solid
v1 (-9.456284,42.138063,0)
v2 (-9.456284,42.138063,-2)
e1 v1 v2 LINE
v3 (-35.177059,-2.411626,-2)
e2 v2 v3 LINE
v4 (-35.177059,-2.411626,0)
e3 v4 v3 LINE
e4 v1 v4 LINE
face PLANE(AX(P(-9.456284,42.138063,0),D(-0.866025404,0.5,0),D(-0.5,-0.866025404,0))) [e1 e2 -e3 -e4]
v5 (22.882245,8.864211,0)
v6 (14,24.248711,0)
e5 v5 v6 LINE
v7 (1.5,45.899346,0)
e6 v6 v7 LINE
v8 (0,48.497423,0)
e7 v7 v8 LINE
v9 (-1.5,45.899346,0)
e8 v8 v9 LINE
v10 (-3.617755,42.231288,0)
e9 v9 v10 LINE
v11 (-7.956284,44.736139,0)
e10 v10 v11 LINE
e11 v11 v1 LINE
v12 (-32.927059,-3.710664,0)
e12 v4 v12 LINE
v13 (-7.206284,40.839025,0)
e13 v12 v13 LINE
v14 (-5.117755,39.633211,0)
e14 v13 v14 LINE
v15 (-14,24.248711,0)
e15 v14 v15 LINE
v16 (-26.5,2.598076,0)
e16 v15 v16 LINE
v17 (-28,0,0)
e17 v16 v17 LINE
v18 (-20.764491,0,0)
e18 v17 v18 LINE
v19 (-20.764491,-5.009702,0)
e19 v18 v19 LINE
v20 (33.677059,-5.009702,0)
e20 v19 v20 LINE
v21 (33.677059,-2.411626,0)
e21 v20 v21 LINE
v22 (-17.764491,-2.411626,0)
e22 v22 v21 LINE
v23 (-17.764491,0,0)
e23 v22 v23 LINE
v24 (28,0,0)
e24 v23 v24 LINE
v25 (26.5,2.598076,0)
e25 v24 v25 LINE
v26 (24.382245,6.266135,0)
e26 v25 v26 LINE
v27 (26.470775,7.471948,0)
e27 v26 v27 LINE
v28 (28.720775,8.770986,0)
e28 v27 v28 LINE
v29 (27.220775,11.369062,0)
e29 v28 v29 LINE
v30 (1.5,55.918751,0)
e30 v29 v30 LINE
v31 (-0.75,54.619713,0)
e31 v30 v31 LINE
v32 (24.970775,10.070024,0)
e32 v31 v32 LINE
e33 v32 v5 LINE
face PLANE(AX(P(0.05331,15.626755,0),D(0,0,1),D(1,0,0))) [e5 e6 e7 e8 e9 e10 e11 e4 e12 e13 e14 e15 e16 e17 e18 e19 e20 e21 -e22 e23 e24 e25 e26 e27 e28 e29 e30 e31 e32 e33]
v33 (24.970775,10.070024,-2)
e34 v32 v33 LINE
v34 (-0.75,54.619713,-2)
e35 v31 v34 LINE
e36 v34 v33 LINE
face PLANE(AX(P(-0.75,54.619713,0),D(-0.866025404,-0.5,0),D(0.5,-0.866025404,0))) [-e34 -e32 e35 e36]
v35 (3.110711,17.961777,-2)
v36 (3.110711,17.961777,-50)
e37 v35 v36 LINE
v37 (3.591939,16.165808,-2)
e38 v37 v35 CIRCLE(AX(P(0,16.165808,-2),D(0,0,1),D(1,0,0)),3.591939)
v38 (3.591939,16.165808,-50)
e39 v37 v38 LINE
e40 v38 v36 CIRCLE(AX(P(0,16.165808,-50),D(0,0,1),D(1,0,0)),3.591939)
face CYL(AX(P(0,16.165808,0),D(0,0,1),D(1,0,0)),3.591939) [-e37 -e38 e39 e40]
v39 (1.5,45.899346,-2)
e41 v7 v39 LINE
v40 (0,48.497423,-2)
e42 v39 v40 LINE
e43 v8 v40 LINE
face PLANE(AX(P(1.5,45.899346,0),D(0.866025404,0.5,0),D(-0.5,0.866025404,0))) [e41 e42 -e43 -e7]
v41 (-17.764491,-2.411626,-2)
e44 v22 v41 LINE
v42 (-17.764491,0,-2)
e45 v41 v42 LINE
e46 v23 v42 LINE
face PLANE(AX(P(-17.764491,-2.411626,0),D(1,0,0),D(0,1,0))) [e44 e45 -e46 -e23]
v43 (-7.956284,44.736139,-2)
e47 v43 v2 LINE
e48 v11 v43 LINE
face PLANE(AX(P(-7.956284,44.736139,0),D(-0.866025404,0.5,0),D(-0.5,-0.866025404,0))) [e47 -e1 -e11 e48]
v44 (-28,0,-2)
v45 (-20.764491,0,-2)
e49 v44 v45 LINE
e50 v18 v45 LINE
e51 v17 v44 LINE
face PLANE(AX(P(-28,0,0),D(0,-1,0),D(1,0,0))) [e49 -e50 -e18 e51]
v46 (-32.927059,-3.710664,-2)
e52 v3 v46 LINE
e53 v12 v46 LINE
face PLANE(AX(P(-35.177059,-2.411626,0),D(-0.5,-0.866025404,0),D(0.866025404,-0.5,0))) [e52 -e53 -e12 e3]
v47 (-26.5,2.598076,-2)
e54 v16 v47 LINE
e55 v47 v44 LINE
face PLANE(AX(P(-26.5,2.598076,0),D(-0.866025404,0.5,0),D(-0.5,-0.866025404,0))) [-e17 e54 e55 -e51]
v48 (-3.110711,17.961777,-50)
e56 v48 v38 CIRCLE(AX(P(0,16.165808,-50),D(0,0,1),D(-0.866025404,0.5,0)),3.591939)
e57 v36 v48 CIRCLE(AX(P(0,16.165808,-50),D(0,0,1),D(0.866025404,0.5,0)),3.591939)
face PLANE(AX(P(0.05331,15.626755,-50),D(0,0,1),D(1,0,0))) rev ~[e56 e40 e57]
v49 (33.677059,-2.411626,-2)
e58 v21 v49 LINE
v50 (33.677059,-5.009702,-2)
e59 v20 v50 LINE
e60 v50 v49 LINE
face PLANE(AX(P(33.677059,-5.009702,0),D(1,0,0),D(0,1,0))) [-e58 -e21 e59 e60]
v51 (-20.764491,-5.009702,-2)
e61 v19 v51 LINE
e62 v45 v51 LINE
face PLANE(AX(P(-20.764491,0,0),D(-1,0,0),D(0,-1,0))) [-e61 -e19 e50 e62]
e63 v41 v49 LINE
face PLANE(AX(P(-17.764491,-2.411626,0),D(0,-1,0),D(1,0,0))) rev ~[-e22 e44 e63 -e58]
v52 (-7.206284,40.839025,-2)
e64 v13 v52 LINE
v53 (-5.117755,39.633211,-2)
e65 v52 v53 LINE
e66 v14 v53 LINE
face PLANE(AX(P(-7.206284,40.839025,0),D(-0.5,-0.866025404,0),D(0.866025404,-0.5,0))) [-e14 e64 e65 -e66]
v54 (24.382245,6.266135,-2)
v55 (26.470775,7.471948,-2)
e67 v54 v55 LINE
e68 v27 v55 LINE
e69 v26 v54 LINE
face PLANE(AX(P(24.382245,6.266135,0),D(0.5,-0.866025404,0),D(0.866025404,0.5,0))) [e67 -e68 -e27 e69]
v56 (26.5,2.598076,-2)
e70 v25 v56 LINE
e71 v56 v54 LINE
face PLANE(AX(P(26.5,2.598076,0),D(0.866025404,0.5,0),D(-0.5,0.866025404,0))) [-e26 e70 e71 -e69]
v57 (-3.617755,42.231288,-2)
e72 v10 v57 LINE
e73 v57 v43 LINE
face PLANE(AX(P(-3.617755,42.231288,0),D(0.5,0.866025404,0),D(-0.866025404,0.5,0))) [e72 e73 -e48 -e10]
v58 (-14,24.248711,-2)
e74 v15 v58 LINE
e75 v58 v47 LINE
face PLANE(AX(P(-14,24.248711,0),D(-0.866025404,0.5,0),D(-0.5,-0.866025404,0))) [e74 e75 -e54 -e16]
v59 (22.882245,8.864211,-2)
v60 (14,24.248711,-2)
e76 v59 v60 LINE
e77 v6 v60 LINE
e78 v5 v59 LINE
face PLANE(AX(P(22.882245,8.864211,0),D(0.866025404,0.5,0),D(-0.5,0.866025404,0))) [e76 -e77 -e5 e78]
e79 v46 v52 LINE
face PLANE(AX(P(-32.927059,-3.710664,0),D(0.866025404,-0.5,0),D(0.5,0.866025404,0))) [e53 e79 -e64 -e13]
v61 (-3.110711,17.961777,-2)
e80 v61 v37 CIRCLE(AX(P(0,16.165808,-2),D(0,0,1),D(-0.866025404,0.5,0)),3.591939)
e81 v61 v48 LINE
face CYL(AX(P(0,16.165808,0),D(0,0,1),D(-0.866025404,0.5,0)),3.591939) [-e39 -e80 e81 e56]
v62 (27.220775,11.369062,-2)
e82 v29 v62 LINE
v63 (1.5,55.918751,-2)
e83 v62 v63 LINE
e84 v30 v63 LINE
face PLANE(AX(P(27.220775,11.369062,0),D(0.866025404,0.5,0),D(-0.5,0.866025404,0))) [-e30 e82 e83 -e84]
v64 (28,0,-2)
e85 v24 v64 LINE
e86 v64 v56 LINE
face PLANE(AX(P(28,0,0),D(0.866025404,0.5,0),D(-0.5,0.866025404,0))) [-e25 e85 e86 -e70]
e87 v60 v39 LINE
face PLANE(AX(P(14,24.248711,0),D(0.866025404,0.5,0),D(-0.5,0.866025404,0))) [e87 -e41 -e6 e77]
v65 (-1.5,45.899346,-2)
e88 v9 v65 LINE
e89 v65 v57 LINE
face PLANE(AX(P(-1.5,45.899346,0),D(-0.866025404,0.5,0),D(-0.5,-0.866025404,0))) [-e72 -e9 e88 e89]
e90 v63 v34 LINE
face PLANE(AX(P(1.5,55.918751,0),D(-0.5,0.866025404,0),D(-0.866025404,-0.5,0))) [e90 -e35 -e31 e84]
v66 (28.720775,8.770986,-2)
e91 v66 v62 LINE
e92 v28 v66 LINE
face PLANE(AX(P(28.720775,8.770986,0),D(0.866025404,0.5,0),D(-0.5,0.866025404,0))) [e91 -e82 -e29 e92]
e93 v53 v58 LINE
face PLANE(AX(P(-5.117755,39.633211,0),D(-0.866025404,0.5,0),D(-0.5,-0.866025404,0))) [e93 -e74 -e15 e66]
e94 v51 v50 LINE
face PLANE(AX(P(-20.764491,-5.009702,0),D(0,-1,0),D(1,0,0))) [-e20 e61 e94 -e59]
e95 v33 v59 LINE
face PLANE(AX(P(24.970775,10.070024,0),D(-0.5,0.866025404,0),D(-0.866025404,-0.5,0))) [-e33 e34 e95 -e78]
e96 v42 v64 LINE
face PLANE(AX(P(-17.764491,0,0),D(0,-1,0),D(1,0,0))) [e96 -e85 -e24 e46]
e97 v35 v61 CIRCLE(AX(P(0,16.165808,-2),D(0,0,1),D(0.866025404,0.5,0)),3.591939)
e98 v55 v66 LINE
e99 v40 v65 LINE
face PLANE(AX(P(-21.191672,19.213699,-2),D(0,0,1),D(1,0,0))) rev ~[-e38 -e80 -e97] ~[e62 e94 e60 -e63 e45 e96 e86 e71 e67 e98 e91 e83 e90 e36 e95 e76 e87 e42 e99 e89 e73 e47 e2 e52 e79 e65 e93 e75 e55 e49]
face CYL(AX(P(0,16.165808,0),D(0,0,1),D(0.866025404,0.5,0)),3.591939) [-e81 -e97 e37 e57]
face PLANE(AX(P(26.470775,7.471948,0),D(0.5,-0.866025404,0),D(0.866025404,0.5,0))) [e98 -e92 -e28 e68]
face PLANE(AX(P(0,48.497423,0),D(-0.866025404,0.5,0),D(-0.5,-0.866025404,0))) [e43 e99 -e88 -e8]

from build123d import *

# Parameters (mm, degrees)
F0_W     = 51.4415498351
F0_H     = 2.5980762114
F0_W_2   = 3
F0_H_2   = 2.4116262798
F1_DEPTH = 2
F2_DEPTH = 50


with BuildPart() as f1:
    # F0 (on Top) → F1 (new body)
    with BuildSketch(Plane.XY):
        Polygon((-32.9270592456, -3.7106643855), (-7.206284328, 40.8390245817), (-9.456284328, 42.1380626874), (-35.1770592456, -2.4116262798), align=None)
        with Locations((7.956284328, -3.7106643855)):
            Rectangle(F0_W, F0_H)
        with BuildLine():
            Line((22.8822452947, 8.8642111702), (14, 24.248711306))
            Line((14, 24.248711306), (11.9292428985, 23.053159136))
            ThreePointArc((11.9292428985, 23.053159136), (13.3053415678, 19.7309630654), (13.7747031974, 16.1658075373))
            ThreePointArc((13.7747031974, 16.1658075373), (-3.5651555281, 2.8604659695), (-11.9292428985, 23.053159136))
            Line((-11.9292428985, 23.053159136), (-14, 24.248711306))
            Line((-14, 24.248711306), (-26.5, 2.5980762114))
            Line((-26.5, 2.5980762114), (-25, 0))
            Line((-25, 0), (-20.7644905895, 0))
            Line((-20.7644905895, 0), (-17.7644905895, 0))
            Line((-17.7644905895, 0), (25, 0))
            Line((25, 0), (26.5, 2.5980762114))
            Line((26.5, 2.5980762114), (24.3822452947, 6.2661349588))
            Line((24.3822452947, 6.2661349588), (22.8822452947, 8.8642111702))
        make_face()
        with BuildLine():
            Line((1.5, 45.8993464006), (0, 48.4974226119))
            Line((0, 48.4974226119), (-1.5, 45.8993464006))
            Line((-1.5, 45.8993464006), (-3.6177547053, 42.2312876531))
            Line((-3.6177547053, 42.2312876531), (-5.1177547053, 39.6332114418))
            Line((-5.1177547053, 39.6332114418), (-14, 24.248711306))
            Line((-14, 24.248711306), (-11.9292428985, 23.053159136))
            ThreePointArc((-11.9292428985, 23.053159136), (0, 29.9405107347), (11.9292428985, 23.053159136))
            Line((11.9292428985, 23.053159136), (14, 24.248711306))
            Line((14, 24.248711306), (1.5, 45.8993464006))
        make_face()
        Polygon((-0.75, 54.6197132773), (24.9707749175, 10.0700243101), (27.2207749175, 11.3690624158), (1.5, 55.918751383), align=None)
        Polygon((-25, 0), (-26.5, 2.5980762114), (-28, 0), align=None)
        Polygon((-5.1177547053, 39.6332114418), (-3.6177547053, 42.2312876531), (-5.706284328, 43.437100793), (-7.206284328, 40.8390245817), align=None)
        with BuildLine():
            ThreePointArc((3.5919392574, 16.1658075373), (3.4695468952, 17.095469826), (3.1107106457, 17.961777166))
            Line((3.1107106457, 17.961777166), (0, 16.1658075373))
            Line((0, 16.1658075373), (-3.1107106457, 17.961777166))
            ThreePointArc((-3.1107106457, 17.961777166), (-0.9296622887, 12.6962606421), (3.5919392574, 16.1658075373))
        make_face()
        Polygon((24.9707749175, 10.0700243101), (22.8822452947, 8.8642111702), (24.3822452947, 6.2661349588), (26.4707749175, 7.4719480987), align=None)
        with Locations((-19.2644905895, -1.2058131399)):
            Rectangle(F0_W_2, F0_H_2)
        Polygon((-7.206284328, 40.8390245817), (-5.706284328, 43.437100793), (-7.956284328, 44.7361388987), (-9.456284328, 42.1380626874), align=None)
        Polygon((27.2207749175, 11.3690624158), (24.9707749175, 10.0700243101), (26.4707749175, 7.4719480987), (28.7207749175, 8.7709862044), align=None)
        with BuildLine():
            Line((0, 16.1658075373), (3.1107106457, 17.961777166))
            ThreePointArc((3.1107106457, 17.961777166), (0, 19.7577467947), (-3.1107106457, 17.961777166))
            Line((-3.1107106457, 17.961777166), (0, 16.1658075373))
        make_face()
        with Locations((-19.2644905895, -3.7106643855)):
            Rectangle(F0_W_2, F0_H)
        Polygon((28, 0), (26.5, 2.5980762114), (25, 0), align=None)
        with BuildLine():
            Line((3.1107106457, 17.961777166), (11.9292428985, 23.053159136))
            ThreePointArc((11.9292428985, 23.053159136), (0, 29.9405107347), (-11.9292428985, 23.053159136))
            Line((-11.9292428985, 23.053159136), (-3.1107106457, 17.961777166))
            ThreePointArc((-3.1107106457, 17.961777166), (0, 19.7577467947), (3.1107106457, 17.961777166))
        make_face()
        with BuildLine():
            ThreePointArc((13.7747031974, 16.1658075373), (13.3053415678, 19.7309630654), (11.9292428985, 23.053159136))
            Line((11.9292428985, 23.053159136), (3.1107106457, 17.961777166))
            ThreePointArc((3.1107106457, 17.961777166), (3.4695468952, 17.095469826), (3.5919392574, 16.1658075373))
            ThreePointArc((3.5919392574, 16.1658075373), (-0.9296622887, 12.6962606421), (-3.1107106457, 17.961777166))
            Line((-3.1107106457, 17.961777166), (-11.9292428985, 23.053159136))
            ThreePointArc((-11.9292428985, 23.053159136), (-3.5651555281, 2.8604659695), (13.7747031974, 16.1658075373))
        make_face()
    extrude(amount=-F1_DEPTH)

    # F0 (on Top) → F2 (join)
    with BuildSketch(Plane.XY):
        with BuildLine():
            ThreePointArc((3.5919392574, 16.1658075373), (3.4695468952, 17.095469826), (3.1107106457, 17.961777166))
            Line((3.1107106457, 17.961777166), (0, 16.1658075373))
            Line((0, 16.1658075373), (-3.1107106457, 17.961777166))
            ThreePointArc((-3.1107106457, 17.961777166), (-0.9296622887, 12.6962606421), (3.5919392574, 16.1658075373))
        make_face()
        with BuildLine():
            Line((0, 16.1658075373), (3.1107106457, 17.961777166))
            ThreePointArc((3.1107106457, 17.961777166), (0, 19.7577467947), (-3.1107106457, 17.961777166))
            Line((-3.1107106457, 17.961777166), (0, 16.1658075373))
        make_face()
    extrude(amount=-F2_DEPTH)


solid = f1.part
